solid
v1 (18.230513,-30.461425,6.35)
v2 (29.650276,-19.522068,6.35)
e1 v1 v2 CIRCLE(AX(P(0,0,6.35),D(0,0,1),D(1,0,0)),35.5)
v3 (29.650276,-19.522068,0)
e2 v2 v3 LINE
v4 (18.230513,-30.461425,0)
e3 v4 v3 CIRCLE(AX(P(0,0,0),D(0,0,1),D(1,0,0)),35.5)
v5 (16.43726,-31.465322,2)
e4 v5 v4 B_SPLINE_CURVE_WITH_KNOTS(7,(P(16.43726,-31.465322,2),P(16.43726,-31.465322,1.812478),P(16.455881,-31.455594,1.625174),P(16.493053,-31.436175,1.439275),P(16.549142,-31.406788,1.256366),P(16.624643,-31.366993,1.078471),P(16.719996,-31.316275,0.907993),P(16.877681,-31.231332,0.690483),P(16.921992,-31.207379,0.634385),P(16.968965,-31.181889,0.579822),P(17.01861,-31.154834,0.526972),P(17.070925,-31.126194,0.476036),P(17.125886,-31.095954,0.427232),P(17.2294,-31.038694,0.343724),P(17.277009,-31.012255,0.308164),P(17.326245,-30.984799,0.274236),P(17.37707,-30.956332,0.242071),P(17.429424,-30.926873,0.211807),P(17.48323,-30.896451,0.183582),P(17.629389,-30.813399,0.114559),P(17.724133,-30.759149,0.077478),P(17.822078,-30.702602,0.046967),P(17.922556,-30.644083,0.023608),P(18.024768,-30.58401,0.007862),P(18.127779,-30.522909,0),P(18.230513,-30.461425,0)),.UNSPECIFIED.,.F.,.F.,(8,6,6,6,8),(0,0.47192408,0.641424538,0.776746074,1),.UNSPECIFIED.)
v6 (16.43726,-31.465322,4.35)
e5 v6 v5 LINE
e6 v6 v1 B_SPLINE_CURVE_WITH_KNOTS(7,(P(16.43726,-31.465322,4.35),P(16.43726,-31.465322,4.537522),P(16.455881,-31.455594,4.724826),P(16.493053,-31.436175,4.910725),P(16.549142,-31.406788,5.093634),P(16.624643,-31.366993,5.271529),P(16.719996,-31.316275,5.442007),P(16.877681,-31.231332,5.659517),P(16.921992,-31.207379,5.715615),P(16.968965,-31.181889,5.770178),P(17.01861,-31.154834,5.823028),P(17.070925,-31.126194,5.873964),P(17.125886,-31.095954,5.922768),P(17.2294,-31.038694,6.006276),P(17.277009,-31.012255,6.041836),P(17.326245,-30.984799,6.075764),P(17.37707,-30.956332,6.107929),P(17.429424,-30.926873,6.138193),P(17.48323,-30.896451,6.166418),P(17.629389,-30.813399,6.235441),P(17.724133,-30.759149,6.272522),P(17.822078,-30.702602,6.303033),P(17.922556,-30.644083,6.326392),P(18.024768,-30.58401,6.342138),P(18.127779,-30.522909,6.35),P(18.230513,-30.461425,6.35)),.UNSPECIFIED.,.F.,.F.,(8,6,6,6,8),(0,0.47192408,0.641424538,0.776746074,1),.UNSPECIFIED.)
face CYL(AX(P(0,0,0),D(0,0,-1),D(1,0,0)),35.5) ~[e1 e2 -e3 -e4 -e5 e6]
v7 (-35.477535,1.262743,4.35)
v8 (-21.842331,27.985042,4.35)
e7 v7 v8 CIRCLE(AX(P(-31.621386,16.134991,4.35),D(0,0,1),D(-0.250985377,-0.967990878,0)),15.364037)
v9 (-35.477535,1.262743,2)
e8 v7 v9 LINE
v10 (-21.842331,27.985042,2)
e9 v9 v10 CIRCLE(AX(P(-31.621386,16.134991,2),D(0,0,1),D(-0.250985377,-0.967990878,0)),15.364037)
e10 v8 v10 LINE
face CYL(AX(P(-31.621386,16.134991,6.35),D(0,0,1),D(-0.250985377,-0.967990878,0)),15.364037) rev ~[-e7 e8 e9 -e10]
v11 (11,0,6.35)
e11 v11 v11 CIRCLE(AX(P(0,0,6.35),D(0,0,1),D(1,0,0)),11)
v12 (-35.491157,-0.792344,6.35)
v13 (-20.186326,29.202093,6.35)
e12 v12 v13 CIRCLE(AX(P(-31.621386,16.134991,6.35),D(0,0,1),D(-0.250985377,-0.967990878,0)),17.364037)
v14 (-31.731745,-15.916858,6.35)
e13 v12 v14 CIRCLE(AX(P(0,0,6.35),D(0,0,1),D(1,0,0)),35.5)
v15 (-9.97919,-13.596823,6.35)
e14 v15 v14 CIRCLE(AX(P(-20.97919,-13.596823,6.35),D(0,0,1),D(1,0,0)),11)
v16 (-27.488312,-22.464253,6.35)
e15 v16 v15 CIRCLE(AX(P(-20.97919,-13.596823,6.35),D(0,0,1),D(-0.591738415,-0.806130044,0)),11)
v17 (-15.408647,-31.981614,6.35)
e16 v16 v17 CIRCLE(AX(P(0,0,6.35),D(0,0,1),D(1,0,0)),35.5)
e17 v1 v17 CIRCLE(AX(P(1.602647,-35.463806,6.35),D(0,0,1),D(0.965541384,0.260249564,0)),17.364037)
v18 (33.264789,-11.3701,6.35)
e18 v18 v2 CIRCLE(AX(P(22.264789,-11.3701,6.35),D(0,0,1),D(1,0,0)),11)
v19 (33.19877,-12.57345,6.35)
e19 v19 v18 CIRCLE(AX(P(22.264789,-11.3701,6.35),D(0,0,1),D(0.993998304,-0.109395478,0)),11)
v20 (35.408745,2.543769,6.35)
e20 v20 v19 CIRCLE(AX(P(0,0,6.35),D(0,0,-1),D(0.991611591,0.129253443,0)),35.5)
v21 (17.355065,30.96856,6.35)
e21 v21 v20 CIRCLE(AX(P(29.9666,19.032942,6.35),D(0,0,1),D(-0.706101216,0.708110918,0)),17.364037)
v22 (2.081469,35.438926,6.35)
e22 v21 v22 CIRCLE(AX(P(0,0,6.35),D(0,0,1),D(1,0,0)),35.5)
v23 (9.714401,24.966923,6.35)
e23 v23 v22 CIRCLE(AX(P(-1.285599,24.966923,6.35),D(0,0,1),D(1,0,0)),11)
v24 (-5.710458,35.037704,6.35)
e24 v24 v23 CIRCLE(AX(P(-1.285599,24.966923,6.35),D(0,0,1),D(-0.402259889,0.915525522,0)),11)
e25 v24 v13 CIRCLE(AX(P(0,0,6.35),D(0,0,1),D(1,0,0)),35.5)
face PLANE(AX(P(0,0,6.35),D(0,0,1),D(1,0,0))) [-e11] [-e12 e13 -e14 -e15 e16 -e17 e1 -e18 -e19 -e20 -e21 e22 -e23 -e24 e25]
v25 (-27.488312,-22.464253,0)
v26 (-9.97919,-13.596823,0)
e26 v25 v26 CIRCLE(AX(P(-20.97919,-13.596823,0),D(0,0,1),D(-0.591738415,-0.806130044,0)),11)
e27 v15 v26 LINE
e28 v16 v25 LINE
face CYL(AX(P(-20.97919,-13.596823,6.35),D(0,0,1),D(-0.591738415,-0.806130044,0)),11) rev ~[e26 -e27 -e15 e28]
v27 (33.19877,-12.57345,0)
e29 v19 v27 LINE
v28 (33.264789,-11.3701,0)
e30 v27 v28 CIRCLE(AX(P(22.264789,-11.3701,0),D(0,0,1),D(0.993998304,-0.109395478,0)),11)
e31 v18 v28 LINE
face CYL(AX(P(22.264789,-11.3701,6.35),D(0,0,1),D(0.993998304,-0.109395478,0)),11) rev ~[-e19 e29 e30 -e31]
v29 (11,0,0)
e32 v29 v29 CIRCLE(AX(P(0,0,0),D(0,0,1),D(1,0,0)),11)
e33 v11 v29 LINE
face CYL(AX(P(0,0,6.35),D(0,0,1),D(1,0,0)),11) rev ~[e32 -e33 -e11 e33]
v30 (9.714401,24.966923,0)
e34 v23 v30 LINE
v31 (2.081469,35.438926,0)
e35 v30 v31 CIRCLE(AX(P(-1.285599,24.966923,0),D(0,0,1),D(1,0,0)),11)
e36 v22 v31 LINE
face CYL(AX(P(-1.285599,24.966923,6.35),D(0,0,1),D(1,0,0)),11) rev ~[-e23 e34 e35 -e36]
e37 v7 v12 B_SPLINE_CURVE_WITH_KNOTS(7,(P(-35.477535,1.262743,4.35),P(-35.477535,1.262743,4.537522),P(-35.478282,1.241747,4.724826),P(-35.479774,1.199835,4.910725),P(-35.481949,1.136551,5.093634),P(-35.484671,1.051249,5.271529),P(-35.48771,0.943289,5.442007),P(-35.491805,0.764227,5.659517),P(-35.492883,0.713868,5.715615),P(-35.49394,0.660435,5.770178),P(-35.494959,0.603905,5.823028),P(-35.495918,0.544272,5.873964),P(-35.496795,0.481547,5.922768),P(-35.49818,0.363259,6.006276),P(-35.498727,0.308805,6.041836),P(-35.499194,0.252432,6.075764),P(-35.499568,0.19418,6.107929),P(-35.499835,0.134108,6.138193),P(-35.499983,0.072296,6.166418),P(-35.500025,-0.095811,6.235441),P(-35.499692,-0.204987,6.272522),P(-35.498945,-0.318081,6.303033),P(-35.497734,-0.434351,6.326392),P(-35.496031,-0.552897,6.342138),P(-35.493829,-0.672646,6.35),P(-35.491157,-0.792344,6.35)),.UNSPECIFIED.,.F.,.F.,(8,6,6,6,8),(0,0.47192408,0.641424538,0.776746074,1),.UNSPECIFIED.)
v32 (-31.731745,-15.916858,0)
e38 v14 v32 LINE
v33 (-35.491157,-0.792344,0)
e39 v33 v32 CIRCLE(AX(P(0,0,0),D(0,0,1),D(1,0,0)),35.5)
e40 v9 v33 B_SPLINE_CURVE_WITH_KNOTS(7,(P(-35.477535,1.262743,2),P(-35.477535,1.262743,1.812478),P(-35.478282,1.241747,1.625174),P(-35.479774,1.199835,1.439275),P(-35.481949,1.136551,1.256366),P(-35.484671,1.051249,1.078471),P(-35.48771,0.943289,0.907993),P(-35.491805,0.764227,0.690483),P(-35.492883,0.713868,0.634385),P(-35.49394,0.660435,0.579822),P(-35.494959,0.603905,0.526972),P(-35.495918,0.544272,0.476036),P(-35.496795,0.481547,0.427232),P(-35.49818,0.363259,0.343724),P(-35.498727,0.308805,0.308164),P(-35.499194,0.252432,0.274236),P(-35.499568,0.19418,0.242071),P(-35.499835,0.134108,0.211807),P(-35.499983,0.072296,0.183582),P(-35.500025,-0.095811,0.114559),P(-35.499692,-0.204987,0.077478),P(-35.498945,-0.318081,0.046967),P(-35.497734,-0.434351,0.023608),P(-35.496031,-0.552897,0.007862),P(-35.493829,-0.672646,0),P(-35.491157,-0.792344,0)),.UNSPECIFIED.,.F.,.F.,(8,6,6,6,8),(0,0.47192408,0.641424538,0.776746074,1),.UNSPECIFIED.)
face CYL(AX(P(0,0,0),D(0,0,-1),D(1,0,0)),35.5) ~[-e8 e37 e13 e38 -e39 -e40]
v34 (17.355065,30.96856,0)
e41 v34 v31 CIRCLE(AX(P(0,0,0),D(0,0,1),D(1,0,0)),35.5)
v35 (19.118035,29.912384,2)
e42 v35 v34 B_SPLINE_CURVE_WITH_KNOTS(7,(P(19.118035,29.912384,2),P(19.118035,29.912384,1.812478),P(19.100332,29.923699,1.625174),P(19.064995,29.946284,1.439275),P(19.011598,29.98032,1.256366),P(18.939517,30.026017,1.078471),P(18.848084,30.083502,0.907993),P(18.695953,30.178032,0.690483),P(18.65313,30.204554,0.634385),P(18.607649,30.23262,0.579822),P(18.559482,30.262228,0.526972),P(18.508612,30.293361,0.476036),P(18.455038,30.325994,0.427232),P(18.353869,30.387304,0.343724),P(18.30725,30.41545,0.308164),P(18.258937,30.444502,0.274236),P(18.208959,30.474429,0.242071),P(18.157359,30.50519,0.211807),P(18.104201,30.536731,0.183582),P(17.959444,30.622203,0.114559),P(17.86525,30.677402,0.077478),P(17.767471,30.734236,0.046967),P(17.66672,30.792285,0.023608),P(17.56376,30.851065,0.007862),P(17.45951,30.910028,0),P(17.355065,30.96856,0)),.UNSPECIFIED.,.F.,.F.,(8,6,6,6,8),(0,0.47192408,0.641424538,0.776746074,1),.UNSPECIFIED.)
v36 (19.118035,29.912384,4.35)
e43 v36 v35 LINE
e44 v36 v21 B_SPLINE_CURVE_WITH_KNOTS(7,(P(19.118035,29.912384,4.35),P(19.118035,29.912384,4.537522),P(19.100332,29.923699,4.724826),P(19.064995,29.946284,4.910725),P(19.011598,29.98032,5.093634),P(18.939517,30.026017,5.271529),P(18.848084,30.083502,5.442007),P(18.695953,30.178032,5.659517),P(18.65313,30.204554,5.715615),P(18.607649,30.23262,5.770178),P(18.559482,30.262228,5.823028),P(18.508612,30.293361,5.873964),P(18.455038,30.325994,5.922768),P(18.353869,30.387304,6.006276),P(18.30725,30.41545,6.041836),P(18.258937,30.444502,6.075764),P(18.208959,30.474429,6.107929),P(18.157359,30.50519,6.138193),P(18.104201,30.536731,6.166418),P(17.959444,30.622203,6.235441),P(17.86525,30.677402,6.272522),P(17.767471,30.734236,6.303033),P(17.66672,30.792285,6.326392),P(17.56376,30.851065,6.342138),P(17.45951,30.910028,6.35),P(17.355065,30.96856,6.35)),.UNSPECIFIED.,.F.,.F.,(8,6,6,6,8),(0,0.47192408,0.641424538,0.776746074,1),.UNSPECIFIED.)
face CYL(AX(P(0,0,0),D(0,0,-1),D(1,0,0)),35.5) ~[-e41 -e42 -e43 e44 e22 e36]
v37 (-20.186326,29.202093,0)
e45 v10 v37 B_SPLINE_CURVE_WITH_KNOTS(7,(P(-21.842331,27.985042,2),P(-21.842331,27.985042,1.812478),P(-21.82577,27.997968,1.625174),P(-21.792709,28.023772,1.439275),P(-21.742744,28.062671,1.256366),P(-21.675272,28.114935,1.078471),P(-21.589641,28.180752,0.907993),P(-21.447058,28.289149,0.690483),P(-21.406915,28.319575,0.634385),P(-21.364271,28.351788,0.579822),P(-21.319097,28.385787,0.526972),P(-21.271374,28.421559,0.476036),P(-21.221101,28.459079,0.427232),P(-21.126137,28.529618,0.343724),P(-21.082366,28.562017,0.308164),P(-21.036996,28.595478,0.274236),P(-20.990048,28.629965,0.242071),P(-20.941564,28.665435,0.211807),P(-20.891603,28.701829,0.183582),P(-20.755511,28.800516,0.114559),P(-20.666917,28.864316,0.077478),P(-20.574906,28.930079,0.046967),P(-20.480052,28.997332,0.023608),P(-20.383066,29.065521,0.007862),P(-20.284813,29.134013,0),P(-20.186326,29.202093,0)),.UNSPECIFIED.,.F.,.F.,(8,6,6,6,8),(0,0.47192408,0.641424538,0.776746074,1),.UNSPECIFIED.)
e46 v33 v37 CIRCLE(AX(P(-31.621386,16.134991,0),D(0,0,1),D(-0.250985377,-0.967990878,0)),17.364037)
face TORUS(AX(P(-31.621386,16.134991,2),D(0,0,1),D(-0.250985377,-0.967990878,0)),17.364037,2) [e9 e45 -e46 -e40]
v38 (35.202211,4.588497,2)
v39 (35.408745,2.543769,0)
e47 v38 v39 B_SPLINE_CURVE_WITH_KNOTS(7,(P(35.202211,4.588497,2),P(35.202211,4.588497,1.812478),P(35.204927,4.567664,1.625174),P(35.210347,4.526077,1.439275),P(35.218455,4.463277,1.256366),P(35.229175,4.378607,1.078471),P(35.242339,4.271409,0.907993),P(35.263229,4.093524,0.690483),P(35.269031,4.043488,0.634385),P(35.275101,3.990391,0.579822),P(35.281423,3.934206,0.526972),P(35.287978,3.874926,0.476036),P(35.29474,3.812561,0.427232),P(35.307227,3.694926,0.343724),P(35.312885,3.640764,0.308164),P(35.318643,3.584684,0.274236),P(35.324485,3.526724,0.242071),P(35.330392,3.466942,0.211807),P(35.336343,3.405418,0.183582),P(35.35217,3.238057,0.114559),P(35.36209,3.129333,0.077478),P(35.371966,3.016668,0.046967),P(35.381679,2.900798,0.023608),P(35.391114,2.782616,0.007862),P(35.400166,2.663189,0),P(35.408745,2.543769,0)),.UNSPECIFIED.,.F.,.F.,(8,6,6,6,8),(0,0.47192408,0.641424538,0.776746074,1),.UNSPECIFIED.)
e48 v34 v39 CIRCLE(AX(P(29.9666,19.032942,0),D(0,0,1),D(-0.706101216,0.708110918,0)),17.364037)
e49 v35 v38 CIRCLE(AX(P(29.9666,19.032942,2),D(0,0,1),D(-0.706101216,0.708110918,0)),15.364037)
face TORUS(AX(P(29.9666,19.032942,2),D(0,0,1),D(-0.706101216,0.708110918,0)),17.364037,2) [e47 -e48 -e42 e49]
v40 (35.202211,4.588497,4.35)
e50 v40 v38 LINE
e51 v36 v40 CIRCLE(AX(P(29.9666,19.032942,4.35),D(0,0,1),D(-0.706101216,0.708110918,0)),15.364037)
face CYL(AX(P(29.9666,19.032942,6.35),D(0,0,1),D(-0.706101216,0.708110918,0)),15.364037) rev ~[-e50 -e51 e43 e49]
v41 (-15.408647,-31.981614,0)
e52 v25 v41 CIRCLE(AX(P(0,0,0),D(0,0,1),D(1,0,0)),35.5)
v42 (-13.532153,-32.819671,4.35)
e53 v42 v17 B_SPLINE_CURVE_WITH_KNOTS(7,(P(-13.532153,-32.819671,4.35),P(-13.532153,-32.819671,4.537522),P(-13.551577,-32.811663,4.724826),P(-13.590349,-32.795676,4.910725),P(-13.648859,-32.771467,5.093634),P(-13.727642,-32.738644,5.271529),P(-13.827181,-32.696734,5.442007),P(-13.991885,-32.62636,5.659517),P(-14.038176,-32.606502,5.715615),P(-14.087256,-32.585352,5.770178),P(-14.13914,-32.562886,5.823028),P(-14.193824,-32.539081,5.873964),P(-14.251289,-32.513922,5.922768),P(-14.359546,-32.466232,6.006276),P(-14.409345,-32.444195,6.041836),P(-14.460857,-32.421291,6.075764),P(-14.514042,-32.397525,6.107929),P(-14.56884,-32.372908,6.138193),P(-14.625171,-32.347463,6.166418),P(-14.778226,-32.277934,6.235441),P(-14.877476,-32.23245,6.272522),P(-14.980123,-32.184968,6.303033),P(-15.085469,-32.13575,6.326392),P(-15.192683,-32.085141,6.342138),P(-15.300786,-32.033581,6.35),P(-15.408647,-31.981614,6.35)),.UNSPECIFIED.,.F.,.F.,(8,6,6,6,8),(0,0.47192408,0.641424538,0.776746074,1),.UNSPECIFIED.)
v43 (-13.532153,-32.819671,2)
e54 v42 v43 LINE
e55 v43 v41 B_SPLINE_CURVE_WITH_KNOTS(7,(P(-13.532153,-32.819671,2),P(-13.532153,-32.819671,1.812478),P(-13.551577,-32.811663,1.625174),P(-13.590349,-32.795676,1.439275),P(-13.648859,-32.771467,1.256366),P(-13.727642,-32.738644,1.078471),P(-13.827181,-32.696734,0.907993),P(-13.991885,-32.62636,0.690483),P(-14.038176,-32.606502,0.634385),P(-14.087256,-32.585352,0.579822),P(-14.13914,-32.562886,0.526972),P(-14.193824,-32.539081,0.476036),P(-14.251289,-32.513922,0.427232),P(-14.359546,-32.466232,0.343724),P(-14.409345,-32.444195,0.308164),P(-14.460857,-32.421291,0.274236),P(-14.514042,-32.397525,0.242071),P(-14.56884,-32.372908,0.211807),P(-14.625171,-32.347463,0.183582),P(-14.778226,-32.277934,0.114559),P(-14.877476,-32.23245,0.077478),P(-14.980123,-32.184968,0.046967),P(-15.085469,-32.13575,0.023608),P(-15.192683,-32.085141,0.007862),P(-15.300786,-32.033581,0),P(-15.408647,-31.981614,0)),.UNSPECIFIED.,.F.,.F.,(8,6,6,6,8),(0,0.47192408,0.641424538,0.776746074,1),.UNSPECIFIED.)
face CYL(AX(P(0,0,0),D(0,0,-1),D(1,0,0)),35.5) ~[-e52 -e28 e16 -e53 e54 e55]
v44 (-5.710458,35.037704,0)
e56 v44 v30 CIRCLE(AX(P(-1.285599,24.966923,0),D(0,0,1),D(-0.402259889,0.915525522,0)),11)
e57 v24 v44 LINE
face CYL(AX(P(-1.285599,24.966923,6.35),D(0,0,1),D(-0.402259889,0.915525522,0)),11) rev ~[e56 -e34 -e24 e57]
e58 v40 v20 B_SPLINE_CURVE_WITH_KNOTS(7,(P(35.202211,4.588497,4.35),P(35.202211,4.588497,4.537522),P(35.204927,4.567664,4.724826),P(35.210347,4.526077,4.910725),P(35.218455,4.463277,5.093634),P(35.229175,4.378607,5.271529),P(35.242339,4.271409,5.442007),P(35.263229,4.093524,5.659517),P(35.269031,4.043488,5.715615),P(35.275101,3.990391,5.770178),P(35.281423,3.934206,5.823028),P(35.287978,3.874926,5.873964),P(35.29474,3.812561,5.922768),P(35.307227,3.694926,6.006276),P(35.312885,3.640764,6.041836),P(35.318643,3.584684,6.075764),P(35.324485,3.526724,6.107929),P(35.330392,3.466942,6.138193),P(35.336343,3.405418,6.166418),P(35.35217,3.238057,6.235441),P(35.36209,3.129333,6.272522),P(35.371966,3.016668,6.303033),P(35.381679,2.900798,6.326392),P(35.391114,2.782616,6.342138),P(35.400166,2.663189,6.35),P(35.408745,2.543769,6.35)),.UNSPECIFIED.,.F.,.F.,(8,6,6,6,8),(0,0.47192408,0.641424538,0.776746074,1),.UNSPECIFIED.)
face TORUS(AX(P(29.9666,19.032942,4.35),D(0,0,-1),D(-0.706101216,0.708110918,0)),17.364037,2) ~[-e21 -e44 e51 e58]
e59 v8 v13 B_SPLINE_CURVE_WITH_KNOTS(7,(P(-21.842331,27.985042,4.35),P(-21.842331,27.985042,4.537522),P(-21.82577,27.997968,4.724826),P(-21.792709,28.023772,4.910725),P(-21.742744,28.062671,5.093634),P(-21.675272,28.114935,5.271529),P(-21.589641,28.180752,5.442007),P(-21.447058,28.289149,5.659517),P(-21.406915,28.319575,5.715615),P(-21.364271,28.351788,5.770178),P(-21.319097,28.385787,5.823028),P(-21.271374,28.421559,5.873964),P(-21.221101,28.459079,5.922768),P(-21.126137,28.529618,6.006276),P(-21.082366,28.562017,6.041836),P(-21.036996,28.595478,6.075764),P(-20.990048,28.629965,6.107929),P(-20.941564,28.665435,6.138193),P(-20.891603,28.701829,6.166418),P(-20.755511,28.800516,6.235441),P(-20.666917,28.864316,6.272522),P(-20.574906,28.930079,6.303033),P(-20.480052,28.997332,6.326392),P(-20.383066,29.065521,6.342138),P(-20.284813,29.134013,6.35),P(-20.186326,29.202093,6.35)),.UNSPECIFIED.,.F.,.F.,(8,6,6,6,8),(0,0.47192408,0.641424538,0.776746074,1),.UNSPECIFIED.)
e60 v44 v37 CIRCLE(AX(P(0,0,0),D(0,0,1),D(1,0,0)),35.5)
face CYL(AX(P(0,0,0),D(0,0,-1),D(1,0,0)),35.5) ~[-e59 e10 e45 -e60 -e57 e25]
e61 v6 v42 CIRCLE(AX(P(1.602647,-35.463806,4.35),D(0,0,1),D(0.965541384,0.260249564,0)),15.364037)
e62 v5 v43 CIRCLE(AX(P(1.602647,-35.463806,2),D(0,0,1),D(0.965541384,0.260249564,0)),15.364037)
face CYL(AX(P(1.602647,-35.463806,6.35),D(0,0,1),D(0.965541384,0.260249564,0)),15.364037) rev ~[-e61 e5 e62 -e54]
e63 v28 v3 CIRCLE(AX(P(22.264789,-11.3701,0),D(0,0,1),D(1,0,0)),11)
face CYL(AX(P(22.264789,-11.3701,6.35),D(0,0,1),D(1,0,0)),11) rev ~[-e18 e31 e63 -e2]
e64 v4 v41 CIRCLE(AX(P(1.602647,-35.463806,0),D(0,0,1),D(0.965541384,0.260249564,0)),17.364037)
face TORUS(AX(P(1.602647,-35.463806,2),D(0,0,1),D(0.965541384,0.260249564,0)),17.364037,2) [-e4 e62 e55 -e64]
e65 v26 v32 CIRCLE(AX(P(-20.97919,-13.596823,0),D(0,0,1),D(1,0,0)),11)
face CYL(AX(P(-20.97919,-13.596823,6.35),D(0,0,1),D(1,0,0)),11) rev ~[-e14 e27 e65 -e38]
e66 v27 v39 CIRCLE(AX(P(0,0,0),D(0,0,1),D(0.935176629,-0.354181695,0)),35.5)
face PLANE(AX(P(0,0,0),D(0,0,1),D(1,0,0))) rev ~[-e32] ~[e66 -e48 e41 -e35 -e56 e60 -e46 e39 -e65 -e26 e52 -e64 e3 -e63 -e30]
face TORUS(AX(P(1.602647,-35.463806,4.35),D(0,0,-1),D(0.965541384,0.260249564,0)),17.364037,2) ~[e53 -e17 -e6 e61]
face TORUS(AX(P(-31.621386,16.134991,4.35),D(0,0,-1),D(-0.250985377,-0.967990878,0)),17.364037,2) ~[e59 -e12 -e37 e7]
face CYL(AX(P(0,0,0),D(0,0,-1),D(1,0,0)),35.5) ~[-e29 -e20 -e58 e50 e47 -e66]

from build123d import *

# Parameters (mm, degrees)
F0_R     = 35.5
F1_DEPTH = 6.35
F2_R     = 11
F3_DEPTH = 45.4
F4_R     = 2


with BuildPart() as f1:
    # F0 (on Top) → F1 (new body)
    with BuildSketch(Plane.XY):
        Circle(F0_R)
    extrude(amount=F1_DEPTH)

    # F2 (on face) → F3 (cut)
    with BuildSketch(Plane.XY.offset(6.35)):
        with BuildLine():
            ThreePointArc((-35.4775348505, 1.2627434137), (-17.9359739533, 9.1519318989), (-21.842331384, 27.9850417136))
            ThreePointArc((-21.842331384, 27.9850417136), (-31.6213863215, 16.1349907687), (-35.4775348505, 1.2627434137))
        make_face()
        with BuildLine():
            ThreePointArc((-5.7104578794, 35.0377035607), (-1.8255507227, 35.4530304002), (2.0814687386, 35.4389261673))
            ThreePointArc((2.0814687386, 35.4389261673), (-1.8512627047, 35.9523688566), (-5.7104578794, 35.0377035607))
        make_face()
        with BuildLine():
            ThreePointArc((-5.7104578794, 35.0377035607), (-7.2991901005, 15.7562375394), (9.7144008995, 24.9669228171))
            ThreePointArc((9.7144008995, 24.9669228171), (7.6036569491, 31.4462072594), (2.0814687386, 35.4389261673))
            ThreePointArc((2.0814687386, 35.4389261673), (-1.8255507227, 35.4530304002), (-5.7104578794, 35.0377035607))
        make_face()
        Circle(F2_R)
        with BuildLine():
            ThreePointArc((35.2022114799, 4.58849724), (29.9665998499, 19.032942322), (19.1180348698, 29.9123844372))
            ThreePointArc((19.1180348698, 29.9123844372), (16.9973621306, 10.7956796793), (35.2022114799, 4.58849724))
        make_face()
        with BuildLine():
            ThreePointArc((29.6502759744, -19.5220678884), (32.0612961084, -16.3729438969), (33.1987703135, -12.5734501895))
            ThreePointArc((33.1987703135, -12.5734501895), (31.6160003291, -16.1455418984), (29.6502759744, -19.5220678884))
        make_face()
        with BuildLine():
            ThreePointArc((29.6502759744, -19.5220678884), (31.6160003291, -16.1455418984), (33.1987703135, -12.5734501895))
            ThreePointArc((33.1987703135, -12.5734501895), (33.2482719009, -11.9726798636), (33.2647889641, -11.3700999284))
            ThreePointArc((33.2647889641, -11.3700999284), (12.2089360139, -6.9114205899), (29.6502759744, -19.5220678884))
        make_face()
        with BuildLine():
            ThreePointArc((16.4372598805, -31.465321985), (0.9090375797, -20.1154336224), (-13.5321534944, -32.8196712629))
            ThreePointArc((-13.5321534944, -32.8196712629), (1.6026466455, -35.4638058269), (16.4372598805, -31.465321985))
        make_face()
        with BuildLine():
            ThreePointArc((-27.4883124341, -22.4642533712), (-29.7904496064, -19.3074885019), (-31.731744713, -15.9168582789))
            ThreePointArc((-31.731744713, -15.9168582789), (-30.2100334037, -19.5794249596), (-27.4883124341, -22.4642533712))
        make_face()
        with BuildLine():
            ThreePointArc((-9.9791898636, -13.5968228886), (-22.1457867643, -2.6588591078), (-31.731744713, -15.9168582789))
            ThreePointArc((-31.731744713, -15.9168582789), (-29.7904496064, -19.3074885019), (-27.4883124341, -22.4642533712))
            ThreePointArc((-27.4883124341, -22.4642533712), (-16.009297927, -23.4100881015), (-9.9791898636, -13.5968228886))
        make_face()
    extrude(amount=-F3_DEPTH, mode=Mode.SUBTRACT)

    # F4
    f4_edges = [f1.edges().sort_by_distance(p)[0] for p in [
        (-17.935974, 9.151932, 0),
        (-17.935974, 9.151932, 6.35),
        (16.997362, 10.79568, 0),
        (16.997362, 10.79568, 6.35),
        (0.909038, -20.115434, 0),
        (0.909038, -20.115434, 6.35),
    ]]
    fillet(f4_edges, radius=F4_R)


solid = f1.part
